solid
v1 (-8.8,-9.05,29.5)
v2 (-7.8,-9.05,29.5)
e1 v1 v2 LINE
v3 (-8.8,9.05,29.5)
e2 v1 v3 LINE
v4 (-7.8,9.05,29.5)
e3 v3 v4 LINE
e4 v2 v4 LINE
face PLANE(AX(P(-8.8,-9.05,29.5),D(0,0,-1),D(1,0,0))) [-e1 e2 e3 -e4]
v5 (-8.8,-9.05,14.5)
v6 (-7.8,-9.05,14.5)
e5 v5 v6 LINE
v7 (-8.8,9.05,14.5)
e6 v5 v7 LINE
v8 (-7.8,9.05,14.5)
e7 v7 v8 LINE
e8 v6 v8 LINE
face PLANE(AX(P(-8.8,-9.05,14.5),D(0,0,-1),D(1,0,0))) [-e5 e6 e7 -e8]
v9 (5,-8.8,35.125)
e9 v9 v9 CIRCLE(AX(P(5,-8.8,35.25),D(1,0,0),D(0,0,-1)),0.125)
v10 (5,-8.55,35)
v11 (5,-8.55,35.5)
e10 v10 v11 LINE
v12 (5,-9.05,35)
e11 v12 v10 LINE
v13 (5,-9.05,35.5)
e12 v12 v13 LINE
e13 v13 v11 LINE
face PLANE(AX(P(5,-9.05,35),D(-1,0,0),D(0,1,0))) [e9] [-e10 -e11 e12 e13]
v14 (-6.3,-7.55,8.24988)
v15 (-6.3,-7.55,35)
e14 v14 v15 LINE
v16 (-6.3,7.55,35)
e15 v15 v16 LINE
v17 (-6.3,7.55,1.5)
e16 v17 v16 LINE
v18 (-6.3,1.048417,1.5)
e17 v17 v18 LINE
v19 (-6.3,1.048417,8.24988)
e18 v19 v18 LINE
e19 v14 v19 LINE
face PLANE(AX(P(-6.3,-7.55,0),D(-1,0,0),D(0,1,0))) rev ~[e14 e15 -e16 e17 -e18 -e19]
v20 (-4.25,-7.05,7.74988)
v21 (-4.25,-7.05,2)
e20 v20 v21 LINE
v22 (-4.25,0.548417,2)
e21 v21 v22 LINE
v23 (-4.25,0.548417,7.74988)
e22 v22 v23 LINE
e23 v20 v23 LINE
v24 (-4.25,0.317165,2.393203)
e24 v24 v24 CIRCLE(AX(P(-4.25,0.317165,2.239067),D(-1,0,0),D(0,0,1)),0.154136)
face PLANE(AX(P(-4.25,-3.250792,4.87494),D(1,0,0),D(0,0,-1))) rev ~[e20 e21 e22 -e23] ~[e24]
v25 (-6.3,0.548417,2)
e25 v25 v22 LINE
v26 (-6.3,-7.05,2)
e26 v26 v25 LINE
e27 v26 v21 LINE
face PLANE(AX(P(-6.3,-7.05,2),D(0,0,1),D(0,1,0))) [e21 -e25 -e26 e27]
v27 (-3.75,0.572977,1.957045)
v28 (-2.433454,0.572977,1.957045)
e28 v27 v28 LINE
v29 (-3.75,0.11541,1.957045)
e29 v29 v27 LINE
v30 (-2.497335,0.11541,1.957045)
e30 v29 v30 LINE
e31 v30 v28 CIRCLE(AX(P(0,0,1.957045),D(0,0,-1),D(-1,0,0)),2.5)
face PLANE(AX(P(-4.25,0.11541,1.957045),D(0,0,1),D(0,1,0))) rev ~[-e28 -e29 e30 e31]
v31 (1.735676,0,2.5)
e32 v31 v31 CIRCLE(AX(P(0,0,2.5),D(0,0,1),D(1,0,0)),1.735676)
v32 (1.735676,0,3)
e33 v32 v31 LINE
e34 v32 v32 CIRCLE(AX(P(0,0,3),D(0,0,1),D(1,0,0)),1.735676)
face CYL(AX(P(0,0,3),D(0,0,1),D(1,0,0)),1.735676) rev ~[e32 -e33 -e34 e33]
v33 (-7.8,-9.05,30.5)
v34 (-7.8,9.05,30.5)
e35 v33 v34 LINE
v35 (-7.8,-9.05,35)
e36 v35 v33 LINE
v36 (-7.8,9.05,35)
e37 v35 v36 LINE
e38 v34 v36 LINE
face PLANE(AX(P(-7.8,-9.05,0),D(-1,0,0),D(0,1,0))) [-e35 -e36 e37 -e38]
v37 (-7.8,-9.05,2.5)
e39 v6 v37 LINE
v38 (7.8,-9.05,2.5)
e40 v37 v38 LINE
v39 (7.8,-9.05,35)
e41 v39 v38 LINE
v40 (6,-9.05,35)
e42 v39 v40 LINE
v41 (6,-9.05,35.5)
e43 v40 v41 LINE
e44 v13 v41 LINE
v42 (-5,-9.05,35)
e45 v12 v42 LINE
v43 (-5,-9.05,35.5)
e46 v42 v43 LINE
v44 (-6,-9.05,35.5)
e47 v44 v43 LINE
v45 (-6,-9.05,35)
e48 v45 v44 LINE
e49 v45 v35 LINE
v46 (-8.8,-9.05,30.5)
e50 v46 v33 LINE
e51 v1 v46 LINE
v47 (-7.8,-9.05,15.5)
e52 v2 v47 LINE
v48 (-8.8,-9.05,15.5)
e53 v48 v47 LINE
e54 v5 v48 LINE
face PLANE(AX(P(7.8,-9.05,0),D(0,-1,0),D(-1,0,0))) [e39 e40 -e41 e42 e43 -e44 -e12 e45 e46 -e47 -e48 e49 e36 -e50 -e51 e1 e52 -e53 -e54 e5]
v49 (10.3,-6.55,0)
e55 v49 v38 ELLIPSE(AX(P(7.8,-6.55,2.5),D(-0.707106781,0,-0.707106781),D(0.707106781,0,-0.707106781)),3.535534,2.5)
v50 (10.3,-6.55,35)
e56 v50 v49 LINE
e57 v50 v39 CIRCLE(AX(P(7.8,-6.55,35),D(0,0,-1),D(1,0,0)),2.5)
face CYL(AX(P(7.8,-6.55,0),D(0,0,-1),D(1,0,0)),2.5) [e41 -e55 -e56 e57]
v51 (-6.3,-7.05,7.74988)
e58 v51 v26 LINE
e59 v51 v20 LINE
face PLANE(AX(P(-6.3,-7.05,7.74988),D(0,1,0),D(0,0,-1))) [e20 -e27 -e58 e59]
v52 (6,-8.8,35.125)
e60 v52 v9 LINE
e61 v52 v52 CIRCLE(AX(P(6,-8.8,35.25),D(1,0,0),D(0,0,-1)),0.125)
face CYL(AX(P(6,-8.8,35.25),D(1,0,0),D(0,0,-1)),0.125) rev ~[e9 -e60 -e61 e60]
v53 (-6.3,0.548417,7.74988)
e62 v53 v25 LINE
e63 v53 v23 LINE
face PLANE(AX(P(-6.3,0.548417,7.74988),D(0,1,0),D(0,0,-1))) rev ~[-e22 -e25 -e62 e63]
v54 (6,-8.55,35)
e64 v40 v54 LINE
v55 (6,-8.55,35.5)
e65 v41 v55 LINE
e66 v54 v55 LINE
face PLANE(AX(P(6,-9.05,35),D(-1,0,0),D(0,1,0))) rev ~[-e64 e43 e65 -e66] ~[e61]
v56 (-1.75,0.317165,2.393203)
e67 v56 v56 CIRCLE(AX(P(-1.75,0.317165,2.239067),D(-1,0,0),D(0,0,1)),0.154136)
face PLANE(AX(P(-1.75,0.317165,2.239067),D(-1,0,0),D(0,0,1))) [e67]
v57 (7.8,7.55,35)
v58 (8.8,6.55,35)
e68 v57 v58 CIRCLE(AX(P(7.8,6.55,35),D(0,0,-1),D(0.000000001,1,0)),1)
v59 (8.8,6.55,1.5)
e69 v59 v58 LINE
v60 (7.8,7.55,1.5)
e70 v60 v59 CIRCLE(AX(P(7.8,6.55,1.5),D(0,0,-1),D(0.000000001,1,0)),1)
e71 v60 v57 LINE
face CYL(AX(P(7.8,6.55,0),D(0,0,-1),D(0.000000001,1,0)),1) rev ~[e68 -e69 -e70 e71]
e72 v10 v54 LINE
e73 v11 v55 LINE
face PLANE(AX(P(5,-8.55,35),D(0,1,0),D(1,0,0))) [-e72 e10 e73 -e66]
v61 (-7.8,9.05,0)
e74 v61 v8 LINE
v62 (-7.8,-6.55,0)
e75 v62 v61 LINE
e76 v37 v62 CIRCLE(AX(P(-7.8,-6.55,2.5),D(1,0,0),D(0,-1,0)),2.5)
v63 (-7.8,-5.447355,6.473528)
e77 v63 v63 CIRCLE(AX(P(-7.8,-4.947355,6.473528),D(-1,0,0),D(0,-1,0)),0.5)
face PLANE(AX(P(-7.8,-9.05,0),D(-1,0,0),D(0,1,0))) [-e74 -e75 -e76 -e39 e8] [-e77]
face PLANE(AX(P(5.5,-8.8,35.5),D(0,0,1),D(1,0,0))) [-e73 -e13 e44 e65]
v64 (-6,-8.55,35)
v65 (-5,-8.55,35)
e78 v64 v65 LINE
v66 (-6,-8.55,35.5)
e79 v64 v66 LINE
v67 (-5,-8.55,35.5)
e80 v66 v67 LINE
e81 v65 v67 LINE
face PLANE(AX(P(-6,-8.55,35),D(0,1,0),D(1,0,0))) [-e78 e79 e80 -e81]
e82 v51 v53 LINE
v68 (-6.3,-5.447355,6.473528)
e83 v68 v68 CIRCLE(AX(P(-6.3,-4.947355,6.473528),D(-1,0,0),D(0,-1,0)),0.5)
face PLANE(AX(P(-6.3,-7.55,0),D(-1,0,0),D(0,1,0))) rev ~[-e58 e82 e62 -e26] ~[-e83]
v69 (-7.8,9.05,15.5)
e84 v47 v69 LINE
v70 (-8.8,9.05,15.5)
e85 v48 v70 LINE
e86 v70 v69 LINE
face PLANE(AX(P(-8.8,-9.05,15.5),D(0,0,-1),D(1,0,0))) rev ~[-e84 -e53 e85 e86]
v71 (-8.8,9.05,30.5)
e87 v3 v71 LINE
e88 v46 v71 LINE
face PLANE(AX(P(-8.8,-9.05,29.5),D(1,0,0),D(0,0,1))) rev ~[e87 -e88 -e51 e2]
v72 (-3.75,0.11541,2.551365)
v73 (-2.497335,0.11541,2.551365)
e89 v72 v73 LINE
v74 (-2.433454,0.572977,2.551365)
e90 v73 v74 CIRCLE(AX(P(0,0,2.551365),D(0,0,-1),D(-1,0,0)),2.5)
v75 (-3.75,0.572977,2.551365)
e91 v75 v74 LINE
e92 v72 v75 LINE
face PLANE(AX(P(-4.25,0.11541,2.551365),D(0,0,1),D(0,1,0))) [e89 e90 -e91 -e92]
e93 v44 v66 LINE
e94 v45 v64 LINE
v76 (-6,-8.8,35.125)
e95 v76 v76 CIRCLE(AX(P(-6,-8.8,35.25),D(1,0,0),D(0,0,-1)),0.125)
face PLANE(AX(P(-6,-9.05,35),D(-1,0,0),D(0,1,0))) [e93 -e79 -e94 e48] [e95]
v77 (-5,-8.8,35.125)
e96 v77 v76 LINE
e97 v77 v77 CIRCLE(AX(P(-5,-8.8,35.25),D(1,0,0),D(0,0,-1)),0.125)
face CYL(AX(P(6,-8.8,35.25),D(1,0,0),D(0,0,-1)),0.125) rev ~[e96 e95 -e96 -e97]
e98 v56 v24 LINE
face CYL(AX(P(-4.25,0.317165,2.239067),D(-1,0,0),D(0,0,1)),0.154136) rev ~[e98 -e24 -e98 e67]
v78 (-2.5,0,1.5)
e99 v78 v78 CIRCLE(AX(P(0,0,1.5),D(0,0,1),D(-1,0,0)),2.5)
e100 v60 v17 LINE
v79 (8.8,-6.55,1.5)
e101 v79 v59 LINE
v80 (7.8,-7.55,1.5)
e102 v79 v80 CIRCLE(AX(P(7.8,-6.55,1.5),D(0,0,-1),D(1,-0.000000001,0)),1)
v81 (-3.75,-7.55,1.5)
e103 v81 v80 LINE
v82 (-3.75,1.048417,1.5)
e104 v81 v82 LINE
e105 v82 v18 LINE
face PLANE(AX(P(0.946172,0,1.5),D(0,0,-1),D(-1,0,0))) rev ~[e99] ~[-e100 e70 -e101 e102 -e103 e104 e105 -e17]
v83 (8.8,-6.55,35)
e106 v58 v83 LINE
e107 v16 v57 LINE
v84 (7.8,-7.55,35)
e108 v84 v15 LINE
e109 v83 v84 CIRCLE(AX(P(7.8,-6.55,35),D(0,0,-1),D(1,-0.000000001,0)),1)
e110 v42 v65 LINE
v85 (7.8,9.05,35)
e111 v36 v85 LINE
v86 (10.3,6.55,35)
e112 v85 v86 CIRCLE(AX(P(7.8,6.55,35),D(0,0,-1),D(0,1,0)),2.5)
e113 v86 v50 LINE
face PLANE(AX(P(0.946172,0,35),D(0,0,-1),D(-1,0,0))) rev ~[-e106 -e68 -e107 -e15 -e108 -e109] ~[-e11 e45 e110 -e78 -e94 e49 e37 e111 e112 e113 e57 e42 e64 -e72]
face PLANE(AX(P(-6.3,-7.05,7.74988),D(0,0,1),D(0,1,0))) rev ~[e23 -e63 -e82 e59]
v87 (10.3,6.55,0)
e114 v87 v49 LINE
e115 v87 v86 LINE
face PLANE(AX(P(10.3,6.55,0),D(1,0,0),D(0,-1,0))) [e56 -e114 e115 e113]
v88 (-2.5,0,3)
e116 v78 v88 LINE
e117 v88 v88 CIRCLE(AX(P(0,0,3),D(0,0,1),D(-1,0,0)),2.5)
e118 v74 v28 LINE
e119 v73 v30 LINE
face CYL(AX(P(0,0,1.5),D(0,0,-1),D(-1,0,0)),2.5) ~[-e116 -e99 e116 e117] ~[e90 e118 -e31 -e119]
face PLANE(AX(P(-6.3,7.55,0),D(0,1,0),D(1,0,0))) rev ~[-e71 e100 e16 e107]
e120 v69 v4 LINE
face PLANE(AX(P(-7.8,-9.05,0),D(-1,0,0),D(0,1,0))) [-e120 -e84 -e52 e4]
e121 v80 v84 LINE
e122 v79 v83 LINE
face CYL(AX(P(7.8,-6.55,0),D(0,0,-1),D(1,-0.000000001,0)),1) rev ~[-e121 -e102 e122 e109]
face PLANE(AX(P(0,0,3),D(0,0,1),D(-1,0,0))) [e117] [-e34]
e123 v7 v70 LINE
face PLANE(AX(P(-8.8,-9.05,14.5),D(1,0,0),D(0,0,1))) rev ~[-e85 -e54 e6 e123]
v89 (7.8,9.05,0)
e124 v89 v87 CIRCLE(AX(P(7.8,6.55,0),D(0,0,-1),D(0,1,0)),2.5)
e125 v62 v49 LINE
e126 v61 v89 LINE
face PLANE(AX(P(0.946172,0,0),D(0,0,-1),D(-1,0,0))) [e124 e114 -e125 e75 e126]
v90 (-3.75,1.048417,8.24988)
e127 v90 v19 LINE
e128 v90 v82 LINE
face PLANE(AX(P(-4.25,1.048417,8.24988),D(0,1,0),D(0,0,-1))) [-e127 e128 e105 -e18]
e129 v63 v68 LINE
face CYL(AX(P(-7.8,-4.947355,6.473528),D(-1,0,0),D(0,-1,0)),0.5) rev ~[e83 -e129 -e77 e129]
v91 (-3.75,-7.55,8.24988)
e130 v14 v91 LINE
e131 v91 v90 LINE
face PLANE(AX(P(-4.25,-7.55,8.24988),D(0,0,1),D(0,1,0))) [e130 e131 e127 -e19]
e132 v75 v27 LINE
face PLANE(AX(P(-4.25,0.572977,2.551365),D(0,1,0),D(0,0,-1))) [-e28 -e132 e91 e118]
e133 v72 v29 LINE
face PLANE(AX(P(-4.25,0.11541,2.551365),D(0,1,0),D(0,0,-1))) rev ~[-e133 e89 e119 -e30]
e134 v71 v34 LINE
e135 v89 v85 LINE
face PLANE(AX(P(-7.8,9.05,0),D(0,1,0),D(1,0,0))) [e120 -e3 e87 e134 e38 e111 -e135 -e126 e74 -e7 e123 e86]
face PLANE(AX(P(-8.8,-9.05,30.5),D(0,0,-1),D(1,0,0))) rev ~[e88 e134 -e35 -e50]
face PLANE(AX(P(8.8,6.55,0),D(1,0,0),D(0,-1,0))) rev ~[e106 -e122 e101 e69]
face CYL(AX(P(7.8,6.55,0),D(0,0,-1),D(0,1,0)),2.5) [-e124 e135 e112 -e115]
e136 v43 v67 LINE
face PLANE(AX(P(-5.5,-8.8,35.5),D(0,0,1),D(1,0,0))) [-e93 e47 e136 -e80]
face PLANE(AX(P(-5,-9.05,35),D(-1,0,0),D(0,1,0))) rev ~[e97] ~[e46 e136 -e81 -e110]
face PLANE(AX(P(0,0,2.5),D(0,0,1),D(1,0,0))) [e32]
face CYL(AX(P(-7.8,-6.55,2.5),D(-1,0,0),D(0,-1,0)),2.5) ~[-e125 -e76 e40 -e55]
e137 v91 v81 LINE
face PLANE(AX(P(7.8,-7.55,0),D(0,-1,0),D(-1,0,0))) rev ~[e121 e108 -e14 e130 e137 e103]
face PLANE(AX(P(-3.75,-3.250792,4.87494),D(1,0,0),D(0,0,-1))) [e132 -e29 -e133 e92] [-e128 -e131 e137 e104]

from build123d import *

# Parameters (mm, degrees)
BOSS_EXTRUDE1_DEPTH       = 35
BOSS_EXTRUDE3_DEPTH       = 1.5
SKETCH5_W                 = 1
SKETCH5_H                 = 1
BOSS_EXTRUDE4_DEPTH       = 18.1
CUT_EXTRUDE2_DEPTH        = 18.1
SKETCH9_W                 = 1
SKETCH9_H                 = 0.5
BOSS_EXTRUDE5_DEPTH       = 0.5
CUT_EXTRUDE3_REACH        = 41.512
SKETCH10_R                = 0.125
SKETCH11_R                = 2.5
BOSS_EXTRUDE6_DEPTH       = 1.5
SKETCH23_R                = 0.5
CUT_EXTRUDE12_DEPTH       = 1.5
SKETCH26_W                = 6.749879612
SKETCH26_H                = 8.598416767
SKETCH26_W_2              = 5.749879612
SKETCH26_H_2              = 7.598416767
BOSS_EXTRUDE16_DEPTH      = 2.05
BOSS_EXTRUDE23_REACH      = 41.419
BOSS_EXTRUDE23_END_RADIUS = 2.5
SKETCH27_W                = 0.594319842
SKETCH27_H                = 0.457567035
SKETCH27_R                = 0.154135996
SKETCH28_W                = 6.749879612
SKETCH28_H                = 8.598416767
BOSS_EXTRUDE24_DEPTH      = 0.5
SKETCH29_R                = 0.154135996
CUT_EXTRUDE13_DEPTH       = 2.5
SKETCH30_R                = 1.735676045
CUT_EXTRUDE14_DEPTH       = 0.5


with BuildPart() as part:
    # Sketch1 → Boss-Extrude1 (new body)
    with BuildSketch(Plane.XY):
        with BuildLine():
            Line((10.3, 6.55), (10.3, -6.55))
            ThreePointArc((10.3, -6.55), (9.567766953, -8.317766953), (7.8, -9.05))
            Line((7.8, -9.05), (-7.8, -9.05))
            Line((-7.8, -9.05), (-7.8, 9.05))
            Line((-7.8, 9.05), (7.8, 9.05))
            ThreePointArc((7.8, 9.05), (9.567766953, 8.317766953), (10.3, 6.55))
        make_face()
        with BuildLine():
            Line((-6.3, 7.55), (7.8, 7.55))
            ThreePointArc((7.8, 7.55), (8.507106781, 7.257106781), (8.8, 6.55))
            Line((8.8, 6.55), (8.8, -6.55))
            ThreePointArc((8.8, -6.55), (8.507106781, -7.257106781), (7.8, -7.55))
            Line((7.8, -7.55), (-6.3, -7.55))
            Line((-6.3, -7.55), (-6.3, 7.55))
        make_face(mode=Mode.SUBTRACT)
    extrude(amount=BOSS_EXTRUDE1_DEPTH)

    # Sketch4 → Boss-Extrude3 (add)
    with BuildSketch(Plane(origin=(0, 0, 0), x_dir=(-1, 0, 0), z_dir=(0, 0, -1))):
        with BuildLine():
            Line((7.8, -9.05), (7.8, 9.05))
            Line((7.8, 9.05), (-7.8, 9.05))
            ThreePointArc((-7.8, 9.05), (-9.567766953, 8.317766953), (-10.3, 6.55))
            Line((-10.3, 6.55), (-10.3, -6.55))
            ThreePointArc((-10.3, -6.55), (-9.567766953, -8.317766953), (-7.8, -9.05))
            Line((-7.8, -9.05), (7.8, -9.05))
        make_face()
    extrude(amount=-BOSS_EXTRUDE3_DEPTH)

    # Sketch5 → Boss-Extrude4 (add)
    with BuildSketch(Plane.XZ.offset(9.05)):
        with Locations((-8.3, 15)):
            Rectangle(SKETCH5_W, SKETCH5_H)
        with Locations((-8.3, 30)):
            Rectangle(SKETCH5_W, SKETCH5_H)
    extrude(amount=-BOSS_EXTRUDE4_DEPTH)

    # Sketch8 → Cut-Extrude2 (cut)
    with BuildSketch(Plane.ZY.offset(7.8)):
        with BuildLine():
            Line((0, -6.55), (0, -9.05))
            Line((0, -9.05), (2.5, -9.05))
            ThreePointArc((2.5, -9.05), (0.732233047, -8.317766953), (0, -6.55))
        make_face()
    extrude(amount=-CUT_EXTRUDE2_DEPTH, mode=Mode.SUBTRACT)

    # Sketch9 → Boss-Extrude5 (add)
    with BuildSketch(Plane.XY.offset(35)):
        with Locations((-5.5, -8.8)):
            Rectangle(SKETCH9_W, SKETCH9_H)
        with Locations((5.5, -8.8)):
            Rectangle(SKETCH9_W, SKETCH9_H)
    extrude(amount=BOSS_EXTRUDE5_DEPTH)

    # Cut-Extrude3: up to this face of the body (flat: up to its plane)
    cut_extrude3_end = Plane(part.part.faces().sort_by_distance((-6, -8.8, 35.25))[0])
    # Sketch10 → Cut-Extrude3 (cut, up to the picked face)
    with BuildSketch(Plane(origin=(6, 0, 0), x_dir=(0, 0, -1), z_dir=(1, 0, 0)), mode=Mode.PRIVATE) as cut_extrude3_sk1:
        with Locations((-35.25, -8.8)):
            Circle(SKETCH10_R)
    cut_extrude3_tool1 = split(extrude(cut_extrude3_sk1.sketch, amount=-CUT_EXTRUDE3_REACH, mode=Mode.PRIVATE), bisect_by=cut_extrude3_end, keep=Keep.BOTH, mode=Mode.PRIVATE)
    add(cut_extrude3_tool1.solids().sort_by(Axis((6, -8.8, 35.25), (-1, 0, 0)))[0], mode=Mode.SUBTRACT)

    # Sketch11 → Boss-Extrude6 (add)
    with BuildSketch(Plane.XY.offset(1.5)):
        with Locations(Location((0, 0, 0), (0, 0, 180))):
            Circle(SKETCH11_R)
    extrude(amount=BOSS_EXTRUDE6_DEPTH)

    # Sketch23 → Cut-Extrude12 (cut)
    with BuildSketch(Plane.ZY.offset(7.8)):
        with Locations(Location((6.47352849, -4.947355043, 0), (0, 0, 270))):
            Circle(SKETCH23_R)
    extrude(amount=-CUT_EXTRUDE12_DEPTH, mode=Mode.SUBTRACT)

    # Sketch26 → Boss-Extrude16 (add)
    with BuildSketch(Plane(origin=(-6.3, 0, 0), x_dir=(0, 0, -1), z_dir=(1, 0, 0))):
        with Locations((-4.874939806, -3.250791617)):
            Rectangle(SKETCH26_W, SKETCH26_H)
        with Locations((-4.874939806, -3.250791617)):
            Rectangle(SKETCH26_W_2, SKETCH26_H_2, mode=Mode.SUBTRACT)
    extrude(amount=BOSS_EXTRUDE16_DEPTH)

    # Boss-Extrude23: up to this cylinder (the profile starts outside it)
    boss_extrude23_end = Plane(origin=(0, 0, 2.254205), z_dir=(0, 0, -1)) * Cylinder(BOSS_EXTRUDE23_END_RADIUS, 88.838, mode=Mode.PRIVATE)
    # Sketch27 → Boss-Extrude23 (add, up to the surface)
    with BuildSketch(Plane(origin=(-4.25, 0, 0), x_dir=(0, 0, -1), z_dir=(1, 0, 0)), mode=Mode.PRIVATE) as boss_extrude23_sk1:
        with Locations((-2.25420487, 0.344193495)):
            Rectangle(SKETCH27_W, SKETCH27_H)
        with Locations(Location((-2.239067338, 0.317165037, 0), (0, 0, 270))):
            Circle(SKETCH27_R, mode=Mode.SUBTRACT)
    boss_extrude23_tool1 = extrude(boss_extrude23_sk1.sketch, amount=BOSS_EXTRUDE23_REACH, mode=Mode.PRIVATE) - boss_extrude23_end
    add(boss_extrude23_tool1.solids().sort_by_distance((-4.25, 0.565476, 2.254205))[0])

    # Sketch28 → Boss-Extrude24 (add)
    with BuildSketch(Plane(origin=(-4.25, 0, 0), x_dir=(0, 0, -1), z_dir=(1, 0, 0))):
        with Locations((-4.874939806, -3.250791617)):
            Rectangle(SKETCH28_W, SKETCH28_H)
    extrude(amount=BOSS_EXTRUDE24_DEPTH)

    # Sketch29 → Cut-Extrude13 (cut)
    with BuildSketch(Plane.ZY.offset(4.25)):
        with Locations((2.239067338, 0.317165037)):
            Circle(SKETCH29_R)
    extrude(amount=-CUT_EXTRUDE13_DEPTH, mode=Mode.SUBTRACT)

    # Sketch30 → Cut-Extrude14 (cut)
    with BuildSketch(Plane.XY.offset(3)):
        Circle(SKETCH30_R)
    extrude(amount=-CUT_EXTRUDE14_DEPTH, mode=Mode.SUBTRACT)


solid = part.part
